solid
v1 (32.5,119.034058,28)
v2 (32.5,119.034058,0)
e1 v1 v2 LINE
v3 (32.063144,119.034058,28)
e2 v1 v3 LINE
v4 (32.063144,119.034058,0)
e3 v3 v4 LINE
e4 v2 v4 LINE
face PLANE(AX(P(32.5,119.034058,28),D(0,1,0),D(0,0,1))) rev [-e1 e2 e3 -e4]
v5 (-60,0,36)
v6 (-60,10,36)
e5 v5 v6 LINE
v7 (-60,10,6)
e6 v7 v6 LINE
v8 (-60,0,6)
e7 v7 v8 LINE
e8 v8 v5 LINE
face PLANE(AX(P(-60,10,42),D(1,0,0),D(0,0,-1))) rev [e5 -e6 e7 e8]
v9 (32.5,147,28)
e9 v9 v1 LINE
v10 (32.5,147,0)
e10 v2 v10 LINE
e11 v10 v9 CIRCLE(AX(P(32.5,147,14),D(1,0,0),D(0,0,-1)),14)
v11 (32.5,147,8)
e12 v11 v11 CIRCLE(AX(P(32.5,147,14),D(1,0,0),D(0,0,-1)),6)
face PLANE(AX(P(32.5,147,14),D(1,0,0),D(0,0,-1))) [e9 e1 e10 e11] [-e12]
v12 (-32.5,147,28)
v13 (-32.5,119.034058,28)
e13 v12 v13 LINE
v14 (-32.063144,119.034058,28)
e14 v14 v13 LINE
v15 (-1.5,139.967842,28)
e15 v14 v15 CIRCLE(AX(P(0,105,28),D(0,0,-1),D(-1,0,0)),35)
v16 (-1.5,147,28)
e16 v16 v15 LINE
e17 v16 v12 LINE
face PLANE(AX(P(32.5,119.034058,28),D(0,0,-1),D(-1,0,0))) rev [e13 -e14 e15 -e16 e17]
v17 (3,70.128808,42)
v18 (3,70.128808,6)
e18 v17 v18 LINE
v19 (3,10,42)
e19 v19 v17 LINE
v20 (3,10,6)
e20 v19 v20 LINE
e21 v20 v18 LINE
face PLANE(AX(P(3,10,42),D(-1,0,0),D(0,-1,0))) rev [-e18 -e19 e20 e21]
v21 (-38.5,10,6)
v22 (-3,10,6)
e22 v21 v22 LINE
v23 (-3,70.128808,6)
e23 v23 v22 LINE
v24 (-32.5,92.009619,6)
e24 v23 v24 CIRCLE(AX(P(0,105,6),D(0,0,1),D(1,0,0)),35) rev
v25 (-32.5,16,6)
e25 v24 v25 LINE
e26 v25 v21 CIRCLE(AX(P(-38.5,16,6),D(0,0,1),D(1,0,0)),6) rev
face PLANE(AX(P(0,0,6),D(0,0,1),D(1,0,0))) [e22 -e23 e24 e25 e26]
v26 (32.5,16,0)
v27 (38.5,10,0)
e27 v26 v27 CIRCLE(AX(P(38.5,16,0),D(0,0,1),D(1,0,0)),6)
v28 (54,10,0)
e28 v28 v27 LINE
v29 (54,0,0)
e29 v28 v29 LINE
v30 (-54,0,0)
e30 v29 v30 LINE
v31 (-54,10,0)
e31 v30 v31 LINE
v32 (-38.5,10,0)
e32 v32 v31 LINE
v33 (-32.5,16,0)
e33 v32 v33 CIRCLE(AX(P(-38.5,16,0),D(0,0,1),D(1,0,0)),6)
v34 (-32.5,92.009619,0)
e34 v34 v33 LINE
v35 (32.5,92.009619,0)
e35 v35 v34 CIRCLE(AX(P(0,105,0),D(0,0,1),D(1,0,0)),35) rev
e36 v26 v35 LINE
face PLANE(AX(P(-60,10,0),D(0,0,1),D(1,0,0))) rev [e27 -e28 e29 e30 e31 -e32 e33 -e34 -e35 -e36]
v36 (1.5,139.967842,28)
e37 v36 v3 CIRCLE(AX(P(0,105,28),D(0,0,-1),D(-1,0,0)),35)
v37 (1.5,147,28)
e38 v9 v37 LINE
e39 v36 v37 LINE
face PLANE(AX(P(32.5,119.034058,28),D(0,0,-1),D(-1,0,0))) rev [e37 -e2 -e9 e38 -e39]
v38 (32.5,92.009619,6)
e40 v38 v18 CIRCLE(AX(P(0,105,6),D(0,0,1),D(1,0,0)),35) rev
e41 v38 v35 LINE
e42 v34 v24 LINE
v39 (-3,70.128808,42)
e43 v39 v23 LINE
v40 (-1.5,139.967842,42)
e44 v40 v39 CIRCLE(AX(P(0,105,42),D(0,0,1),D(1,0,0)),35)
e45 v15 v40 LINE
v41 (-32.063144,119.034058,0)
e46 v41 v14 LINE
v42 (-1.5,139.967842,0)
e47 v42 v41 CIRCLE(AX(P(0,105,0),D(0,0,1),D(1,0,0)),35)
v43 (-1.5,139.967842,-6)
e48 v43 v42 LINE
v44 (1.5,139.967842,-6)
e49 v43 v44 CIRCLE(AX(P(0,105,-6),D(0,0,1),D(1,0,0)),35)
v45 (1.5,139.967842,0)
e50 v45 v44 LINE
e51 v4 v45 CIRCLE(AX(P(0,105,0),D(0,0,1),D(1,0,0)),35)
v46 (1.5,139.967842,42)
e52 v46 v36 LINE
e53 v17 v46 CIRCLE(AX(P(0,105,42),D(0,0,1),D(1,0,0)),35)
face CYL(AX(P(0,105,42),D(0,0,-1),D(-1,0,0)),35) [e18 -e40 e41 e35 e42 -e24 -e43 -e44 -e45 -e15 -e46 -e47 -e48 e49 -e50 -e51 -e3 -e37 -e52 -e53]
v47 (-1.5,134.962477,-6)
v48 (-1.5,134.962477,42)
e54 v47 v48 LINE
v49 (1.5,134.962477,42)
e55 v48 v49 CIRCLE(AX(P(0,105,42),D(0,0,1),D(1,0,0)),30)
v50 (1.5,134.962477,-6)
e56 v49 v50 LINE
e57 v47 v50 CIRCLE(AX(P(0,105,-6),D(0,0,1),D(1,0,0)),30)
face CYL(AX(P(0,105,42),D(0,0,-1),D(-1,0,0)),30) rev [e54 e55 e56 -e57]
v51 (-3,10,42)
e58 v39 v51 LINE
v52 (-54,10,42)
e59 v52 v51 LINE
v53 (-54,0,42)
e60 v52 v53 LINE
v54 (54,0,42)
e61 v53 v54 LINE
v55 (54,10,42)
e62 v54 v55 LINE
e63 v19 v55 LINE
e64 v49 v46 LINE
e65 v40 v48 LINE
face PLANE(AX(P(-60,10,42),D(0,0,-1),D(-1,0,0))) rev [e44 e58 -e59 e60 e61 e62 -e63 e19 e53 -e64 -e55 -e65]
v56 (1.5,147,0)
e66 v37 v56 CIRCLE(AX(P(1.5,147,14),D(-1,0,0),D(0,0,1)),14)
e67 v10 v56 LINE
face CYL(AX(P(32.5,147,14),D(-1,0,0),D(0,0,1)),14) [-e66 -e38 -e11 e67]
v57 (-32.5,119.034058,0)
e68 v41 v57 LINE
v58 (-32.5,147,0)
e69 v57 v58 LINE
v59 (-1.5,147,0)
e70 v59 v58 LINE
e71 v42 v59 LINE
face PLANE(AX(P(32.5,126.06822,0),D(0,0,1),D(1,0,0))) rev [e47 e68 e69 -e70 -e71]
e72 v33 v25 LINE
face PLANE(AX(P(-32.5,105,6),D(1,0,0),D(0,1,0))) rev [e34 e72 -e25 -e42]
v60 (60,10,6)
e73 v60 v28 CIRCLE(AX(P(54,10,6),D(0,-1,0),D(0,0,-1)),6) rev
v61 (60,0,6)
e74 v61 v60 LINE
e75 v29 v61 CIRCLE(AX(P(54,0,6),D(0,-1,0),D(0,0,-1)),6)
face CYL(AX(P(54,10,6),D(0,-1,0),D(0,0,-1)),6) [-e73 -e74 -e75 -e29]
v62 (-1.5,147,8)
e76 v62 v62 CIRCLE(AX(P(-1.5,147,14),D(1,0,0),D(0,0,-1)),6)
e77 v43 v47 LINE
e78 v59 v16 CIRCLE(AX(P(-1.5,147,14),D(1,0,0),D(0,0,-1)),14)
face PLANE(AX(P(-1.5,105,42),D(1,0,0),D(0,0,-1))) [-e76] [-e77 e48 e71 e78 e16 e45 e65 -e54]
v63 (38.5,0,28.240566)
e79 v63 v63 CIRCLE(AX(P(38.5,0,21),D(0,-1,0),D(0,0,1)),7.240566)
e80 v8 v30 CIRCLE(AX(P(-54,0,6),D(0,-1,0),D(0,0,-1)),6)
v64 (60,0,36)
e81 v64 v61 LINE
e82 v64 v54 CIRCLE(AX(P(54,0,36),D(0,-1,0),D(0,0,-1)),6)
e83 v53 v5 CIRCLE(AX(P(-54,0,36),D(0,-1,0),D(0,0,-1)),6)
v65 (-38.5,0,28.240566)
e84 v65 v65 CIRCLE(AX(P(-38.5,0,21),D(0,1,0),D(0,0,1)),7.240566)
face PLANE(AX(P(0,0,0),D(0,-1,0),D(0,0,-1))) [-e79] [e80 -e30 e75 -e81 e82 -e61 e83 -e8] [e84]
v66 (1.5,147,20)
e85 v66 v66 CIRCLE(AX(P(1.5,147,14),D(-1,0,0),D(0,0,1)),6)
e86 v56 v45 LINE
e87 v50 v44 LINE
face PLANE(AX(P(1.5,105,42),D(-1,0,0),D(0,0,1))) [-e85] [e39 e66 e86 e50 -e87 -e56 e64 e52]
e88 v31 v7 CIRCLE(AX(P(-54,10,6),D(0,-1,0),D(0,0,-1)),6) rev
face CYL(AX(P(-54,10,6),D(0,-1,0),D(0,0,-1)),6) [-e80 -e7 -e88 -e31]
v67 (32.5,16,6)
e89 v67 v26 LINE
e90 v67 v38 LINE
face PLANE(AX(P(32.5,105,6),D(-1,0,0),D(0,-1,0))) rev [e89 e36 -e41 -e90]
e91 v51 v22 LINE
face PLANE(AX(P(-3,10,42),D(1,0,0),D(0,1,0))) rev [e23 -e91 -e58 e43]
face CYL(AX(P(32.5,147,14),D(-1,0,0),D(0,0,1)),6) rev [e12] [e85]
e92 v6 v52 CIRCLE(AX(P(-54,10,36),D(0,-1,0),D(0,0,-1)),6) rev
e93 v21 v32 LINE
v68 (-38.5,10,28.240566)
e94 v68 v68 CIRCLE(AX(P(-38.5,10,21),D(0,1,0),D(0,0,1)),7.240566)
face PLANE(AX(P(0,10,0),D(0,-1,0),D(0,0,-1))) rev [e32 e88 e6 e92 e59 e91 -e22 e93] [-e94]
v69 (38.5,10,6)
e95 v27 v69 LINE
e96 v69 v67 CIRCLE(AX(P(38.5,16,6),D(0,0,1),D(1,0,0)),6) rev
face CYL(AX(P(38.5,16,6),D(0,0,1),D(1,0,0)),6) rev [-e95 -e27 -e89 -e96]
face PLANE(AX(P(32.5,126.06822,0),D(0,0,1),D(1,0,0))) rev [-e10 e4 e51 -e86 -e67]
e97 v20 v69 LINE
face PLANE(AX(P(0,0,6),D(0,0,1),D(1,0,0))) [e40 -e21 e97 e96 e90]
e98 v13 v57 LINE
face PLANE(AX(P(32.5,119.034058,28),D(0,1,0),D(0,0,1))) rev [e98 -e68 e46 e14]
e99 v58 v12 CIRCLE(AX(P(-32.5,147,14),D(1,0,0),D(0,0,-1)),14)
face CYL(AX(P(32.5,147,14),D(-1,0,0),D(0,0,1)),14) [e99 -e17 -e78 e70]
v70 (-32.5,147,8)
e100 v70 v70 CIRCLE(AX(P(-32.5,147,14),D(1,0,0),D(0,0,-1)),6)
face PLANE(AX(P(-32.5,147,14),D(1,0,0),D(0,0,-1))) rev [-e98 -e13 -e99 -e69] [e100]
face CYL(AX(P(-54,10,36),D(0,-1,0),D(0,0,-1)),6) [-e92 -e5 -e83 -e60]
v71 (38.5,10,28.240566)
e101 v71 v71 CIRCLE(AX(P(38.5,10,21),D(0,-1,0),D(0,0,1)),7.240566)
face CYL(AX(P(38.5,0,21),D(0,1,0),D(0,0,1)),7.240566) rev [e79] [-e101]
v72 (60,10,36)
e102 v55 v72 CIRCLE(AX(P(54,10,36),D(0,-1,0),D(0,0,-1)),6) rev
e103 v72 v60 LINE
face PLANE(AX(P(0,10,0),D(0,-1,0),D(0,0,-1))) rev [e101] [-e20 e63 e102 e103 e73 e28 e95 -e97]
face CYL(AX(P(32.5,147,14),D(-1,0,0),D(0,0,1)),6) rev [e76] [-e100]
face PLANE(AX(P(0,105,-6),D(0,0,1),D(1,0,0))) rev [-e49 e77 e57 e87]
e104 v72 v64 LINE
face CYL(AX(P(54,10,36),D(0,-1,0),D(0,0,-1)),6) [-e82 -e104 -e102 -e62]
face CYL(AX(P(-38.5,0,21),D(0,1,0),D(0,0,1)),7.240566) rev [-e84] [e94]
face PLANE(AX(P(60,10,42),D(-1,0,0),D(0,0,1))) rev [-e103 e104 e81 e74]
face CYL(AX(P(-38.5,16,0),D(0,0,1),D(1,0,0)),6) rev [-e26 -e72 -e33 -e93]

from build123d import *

# Parameters (mm, degrees)
CROQUIS2_W              = 120
CROQUIS2_H              = 42
SALIENTE_EXTRUIR1_DEPTH = 10
REDONDEO1_R             = 6
CROQUIS3_W              = 65
CROQUIS3_H              = 95
SALIENTE_EXTRUIR2_DEPTH = 6
REDONDEO2_R             = 6
CROQUIS4_R              = 7.240565909
CORTAR_EXTRUIR1_DEPTH   = 11
CROQUIS6_R              = 35
CROQUIS6_R_2            = 30
EXTRUIR_L_MINA1_DEPTH   = 48
CROQUIS8_W              = 6
CROQUIS8_H              = 60.128808452
SALIENTE_EXTRUIR3_DEPTH = 36
CROQUIS9_R              = 6
SALIENTE_EXTRUIR4_DEPTH = 32.5
CROQUIS10_R             = 30
CORTAR_EXTRUIR3_DEPTH   = 49
CROQUIS11_W             = 3
CROQUIS11_H             = 67.611732644
CORTAR_EXTRUIR4_DEPTH   = 49


with BuildPart() as part:
    # Croquis2 → Saliente-Extruir1 (new body)
    with BuildSketch(Plane(origin=(0, 0, 0), x_dir=(1, 0, 0), z_dir=(0, 1, 0))):
        with Locations((0, -21)):
            Rectangle(CROQUIS2_W, CROQUIS2_H)
    extrude(amount=SALIENTE_EXTRUIR1_DEPTH)

    # Redondeo1
    redondeo1_edges = [part.edges().sort_by_distance(p)[0] for p in [
        (60, 5, 42),
        (-60, 5, 42),
        (-60, 5, 0),
        (60, 5, 0),
    ]]
    fillet(redondeo1_edges, radius=REDONDEO1_R)

    # Croquis3 → Saliente-Extruir2 (add)
    with BuildSketch(Plane.XY):
        with Locations((0, 57.5)):
            Rectangle(CROQUIS3_W, CROQUIS3_H)
    extrude(amount=SALIENTE_EXTRUIR2_DEPTH)

    # Redondeo2
    redondeo2_edges = [part.edges().sort_by_distance(p)[0] for p in [
        (32.5, 10, 3),
        (-32.5, 10, 3),
    ]]
    fillet(redondeo2_edges, radius=REDONDEO2_R)

    # Croquis4 → Cortar-Extruir1 (cut, through all)
    with BuildSketch(Plane(origin=(0, 10, 0), x_dir=(1, 0, 0), z_dir=(0, 1, 0))):
        with Locations((-38.5, -21)):
            Circle(CROQUIS4_R)
    cortar_extruir1 = extrude(amount=-CORTAR_EXTRUIR1_DEPTH, mode=Mode.SUBTRACT)

    # Simetría1: Cortar-Extruir1 across plane
    add(cortar_extruir1.mirror(Plane(origin=(0, 0, 0), x_dir=(0, 0, 1), z_dir=(1, 0, 0))), mode=Mode.SUBTRACT)

    # Croquis6 → Extruir-Lámina1 (add)
    with BuildSketch(Plane.XY.offset(-6)):
        with Locations((0, 105)):
            Circle(CROQUIS6_R)
        with Locations((0, 105)):
            Circle(CROQUIS6_R_2, mode=Mode.SUBTRACT)
    extrude(amount=EXTRUIR_L_MINA1_DEPTH)

    # Croquis8 → Saliente-Extruir3 (add)
    with BuildSketch(Plane.XY.offset(6)):
        with Locations((0, 40.064404226)):
            Rectangle(CROQUIS8_W, CROQUIS8_H)
    extrude(amount=SALIENTE_EXTRUIR3_DEPTH)

    # Croquis9 → Saliente-Extruir4 (add, symmetric)
    with BuildSketch(Plane(origin=(0, 0, 0), x_dir=(0, 0, -1), z_dir=(1, 0, 0))):
        with BuildLine():
            Line((0, 126.068220277), (0, 147))
            ThreePointArc((0, 147), (-14, 161), (-28, 147))
            Line((-28, 147), (-28, 119.03405794))
            Line((-28, 119.03405794), (0, 119.03405794))
            Line((0, 119.03405794), (0, 126.068220277))
        make_face()
        with Locations((-14, 147)):
            Circle(CROQUIS9_R, mode=Mode.SUBTRACT)
    extrude(amount=SALIENTE_EXTRUIR4_DEPTH, both=True)

    # Croquis10 → Cortar-Extruir3 (cut, through all)
    with BuildSketch(Plane.XY.offset(-6)):
        with Locations((0, 105)):
            Circle(CROQUIS10_R)
    extrude(amount=CORTAR_EXTRUIR3_DEPTH, mode=Mode.SUBTRACT)

    # Croquis11 → Cortar-Extruir4 (cut, through all)
    with BuildSketch(Plane.XY.offset(-6)):
        with Locations((0, 138.805866322)):
            Rectangle(CROQUIS11_W, CROQUIS11_H)
    extrude(amount=CORTAR_EXTRUIR4_DEPTH, mode=Mode.SUBTRACT)


solid = part.part
